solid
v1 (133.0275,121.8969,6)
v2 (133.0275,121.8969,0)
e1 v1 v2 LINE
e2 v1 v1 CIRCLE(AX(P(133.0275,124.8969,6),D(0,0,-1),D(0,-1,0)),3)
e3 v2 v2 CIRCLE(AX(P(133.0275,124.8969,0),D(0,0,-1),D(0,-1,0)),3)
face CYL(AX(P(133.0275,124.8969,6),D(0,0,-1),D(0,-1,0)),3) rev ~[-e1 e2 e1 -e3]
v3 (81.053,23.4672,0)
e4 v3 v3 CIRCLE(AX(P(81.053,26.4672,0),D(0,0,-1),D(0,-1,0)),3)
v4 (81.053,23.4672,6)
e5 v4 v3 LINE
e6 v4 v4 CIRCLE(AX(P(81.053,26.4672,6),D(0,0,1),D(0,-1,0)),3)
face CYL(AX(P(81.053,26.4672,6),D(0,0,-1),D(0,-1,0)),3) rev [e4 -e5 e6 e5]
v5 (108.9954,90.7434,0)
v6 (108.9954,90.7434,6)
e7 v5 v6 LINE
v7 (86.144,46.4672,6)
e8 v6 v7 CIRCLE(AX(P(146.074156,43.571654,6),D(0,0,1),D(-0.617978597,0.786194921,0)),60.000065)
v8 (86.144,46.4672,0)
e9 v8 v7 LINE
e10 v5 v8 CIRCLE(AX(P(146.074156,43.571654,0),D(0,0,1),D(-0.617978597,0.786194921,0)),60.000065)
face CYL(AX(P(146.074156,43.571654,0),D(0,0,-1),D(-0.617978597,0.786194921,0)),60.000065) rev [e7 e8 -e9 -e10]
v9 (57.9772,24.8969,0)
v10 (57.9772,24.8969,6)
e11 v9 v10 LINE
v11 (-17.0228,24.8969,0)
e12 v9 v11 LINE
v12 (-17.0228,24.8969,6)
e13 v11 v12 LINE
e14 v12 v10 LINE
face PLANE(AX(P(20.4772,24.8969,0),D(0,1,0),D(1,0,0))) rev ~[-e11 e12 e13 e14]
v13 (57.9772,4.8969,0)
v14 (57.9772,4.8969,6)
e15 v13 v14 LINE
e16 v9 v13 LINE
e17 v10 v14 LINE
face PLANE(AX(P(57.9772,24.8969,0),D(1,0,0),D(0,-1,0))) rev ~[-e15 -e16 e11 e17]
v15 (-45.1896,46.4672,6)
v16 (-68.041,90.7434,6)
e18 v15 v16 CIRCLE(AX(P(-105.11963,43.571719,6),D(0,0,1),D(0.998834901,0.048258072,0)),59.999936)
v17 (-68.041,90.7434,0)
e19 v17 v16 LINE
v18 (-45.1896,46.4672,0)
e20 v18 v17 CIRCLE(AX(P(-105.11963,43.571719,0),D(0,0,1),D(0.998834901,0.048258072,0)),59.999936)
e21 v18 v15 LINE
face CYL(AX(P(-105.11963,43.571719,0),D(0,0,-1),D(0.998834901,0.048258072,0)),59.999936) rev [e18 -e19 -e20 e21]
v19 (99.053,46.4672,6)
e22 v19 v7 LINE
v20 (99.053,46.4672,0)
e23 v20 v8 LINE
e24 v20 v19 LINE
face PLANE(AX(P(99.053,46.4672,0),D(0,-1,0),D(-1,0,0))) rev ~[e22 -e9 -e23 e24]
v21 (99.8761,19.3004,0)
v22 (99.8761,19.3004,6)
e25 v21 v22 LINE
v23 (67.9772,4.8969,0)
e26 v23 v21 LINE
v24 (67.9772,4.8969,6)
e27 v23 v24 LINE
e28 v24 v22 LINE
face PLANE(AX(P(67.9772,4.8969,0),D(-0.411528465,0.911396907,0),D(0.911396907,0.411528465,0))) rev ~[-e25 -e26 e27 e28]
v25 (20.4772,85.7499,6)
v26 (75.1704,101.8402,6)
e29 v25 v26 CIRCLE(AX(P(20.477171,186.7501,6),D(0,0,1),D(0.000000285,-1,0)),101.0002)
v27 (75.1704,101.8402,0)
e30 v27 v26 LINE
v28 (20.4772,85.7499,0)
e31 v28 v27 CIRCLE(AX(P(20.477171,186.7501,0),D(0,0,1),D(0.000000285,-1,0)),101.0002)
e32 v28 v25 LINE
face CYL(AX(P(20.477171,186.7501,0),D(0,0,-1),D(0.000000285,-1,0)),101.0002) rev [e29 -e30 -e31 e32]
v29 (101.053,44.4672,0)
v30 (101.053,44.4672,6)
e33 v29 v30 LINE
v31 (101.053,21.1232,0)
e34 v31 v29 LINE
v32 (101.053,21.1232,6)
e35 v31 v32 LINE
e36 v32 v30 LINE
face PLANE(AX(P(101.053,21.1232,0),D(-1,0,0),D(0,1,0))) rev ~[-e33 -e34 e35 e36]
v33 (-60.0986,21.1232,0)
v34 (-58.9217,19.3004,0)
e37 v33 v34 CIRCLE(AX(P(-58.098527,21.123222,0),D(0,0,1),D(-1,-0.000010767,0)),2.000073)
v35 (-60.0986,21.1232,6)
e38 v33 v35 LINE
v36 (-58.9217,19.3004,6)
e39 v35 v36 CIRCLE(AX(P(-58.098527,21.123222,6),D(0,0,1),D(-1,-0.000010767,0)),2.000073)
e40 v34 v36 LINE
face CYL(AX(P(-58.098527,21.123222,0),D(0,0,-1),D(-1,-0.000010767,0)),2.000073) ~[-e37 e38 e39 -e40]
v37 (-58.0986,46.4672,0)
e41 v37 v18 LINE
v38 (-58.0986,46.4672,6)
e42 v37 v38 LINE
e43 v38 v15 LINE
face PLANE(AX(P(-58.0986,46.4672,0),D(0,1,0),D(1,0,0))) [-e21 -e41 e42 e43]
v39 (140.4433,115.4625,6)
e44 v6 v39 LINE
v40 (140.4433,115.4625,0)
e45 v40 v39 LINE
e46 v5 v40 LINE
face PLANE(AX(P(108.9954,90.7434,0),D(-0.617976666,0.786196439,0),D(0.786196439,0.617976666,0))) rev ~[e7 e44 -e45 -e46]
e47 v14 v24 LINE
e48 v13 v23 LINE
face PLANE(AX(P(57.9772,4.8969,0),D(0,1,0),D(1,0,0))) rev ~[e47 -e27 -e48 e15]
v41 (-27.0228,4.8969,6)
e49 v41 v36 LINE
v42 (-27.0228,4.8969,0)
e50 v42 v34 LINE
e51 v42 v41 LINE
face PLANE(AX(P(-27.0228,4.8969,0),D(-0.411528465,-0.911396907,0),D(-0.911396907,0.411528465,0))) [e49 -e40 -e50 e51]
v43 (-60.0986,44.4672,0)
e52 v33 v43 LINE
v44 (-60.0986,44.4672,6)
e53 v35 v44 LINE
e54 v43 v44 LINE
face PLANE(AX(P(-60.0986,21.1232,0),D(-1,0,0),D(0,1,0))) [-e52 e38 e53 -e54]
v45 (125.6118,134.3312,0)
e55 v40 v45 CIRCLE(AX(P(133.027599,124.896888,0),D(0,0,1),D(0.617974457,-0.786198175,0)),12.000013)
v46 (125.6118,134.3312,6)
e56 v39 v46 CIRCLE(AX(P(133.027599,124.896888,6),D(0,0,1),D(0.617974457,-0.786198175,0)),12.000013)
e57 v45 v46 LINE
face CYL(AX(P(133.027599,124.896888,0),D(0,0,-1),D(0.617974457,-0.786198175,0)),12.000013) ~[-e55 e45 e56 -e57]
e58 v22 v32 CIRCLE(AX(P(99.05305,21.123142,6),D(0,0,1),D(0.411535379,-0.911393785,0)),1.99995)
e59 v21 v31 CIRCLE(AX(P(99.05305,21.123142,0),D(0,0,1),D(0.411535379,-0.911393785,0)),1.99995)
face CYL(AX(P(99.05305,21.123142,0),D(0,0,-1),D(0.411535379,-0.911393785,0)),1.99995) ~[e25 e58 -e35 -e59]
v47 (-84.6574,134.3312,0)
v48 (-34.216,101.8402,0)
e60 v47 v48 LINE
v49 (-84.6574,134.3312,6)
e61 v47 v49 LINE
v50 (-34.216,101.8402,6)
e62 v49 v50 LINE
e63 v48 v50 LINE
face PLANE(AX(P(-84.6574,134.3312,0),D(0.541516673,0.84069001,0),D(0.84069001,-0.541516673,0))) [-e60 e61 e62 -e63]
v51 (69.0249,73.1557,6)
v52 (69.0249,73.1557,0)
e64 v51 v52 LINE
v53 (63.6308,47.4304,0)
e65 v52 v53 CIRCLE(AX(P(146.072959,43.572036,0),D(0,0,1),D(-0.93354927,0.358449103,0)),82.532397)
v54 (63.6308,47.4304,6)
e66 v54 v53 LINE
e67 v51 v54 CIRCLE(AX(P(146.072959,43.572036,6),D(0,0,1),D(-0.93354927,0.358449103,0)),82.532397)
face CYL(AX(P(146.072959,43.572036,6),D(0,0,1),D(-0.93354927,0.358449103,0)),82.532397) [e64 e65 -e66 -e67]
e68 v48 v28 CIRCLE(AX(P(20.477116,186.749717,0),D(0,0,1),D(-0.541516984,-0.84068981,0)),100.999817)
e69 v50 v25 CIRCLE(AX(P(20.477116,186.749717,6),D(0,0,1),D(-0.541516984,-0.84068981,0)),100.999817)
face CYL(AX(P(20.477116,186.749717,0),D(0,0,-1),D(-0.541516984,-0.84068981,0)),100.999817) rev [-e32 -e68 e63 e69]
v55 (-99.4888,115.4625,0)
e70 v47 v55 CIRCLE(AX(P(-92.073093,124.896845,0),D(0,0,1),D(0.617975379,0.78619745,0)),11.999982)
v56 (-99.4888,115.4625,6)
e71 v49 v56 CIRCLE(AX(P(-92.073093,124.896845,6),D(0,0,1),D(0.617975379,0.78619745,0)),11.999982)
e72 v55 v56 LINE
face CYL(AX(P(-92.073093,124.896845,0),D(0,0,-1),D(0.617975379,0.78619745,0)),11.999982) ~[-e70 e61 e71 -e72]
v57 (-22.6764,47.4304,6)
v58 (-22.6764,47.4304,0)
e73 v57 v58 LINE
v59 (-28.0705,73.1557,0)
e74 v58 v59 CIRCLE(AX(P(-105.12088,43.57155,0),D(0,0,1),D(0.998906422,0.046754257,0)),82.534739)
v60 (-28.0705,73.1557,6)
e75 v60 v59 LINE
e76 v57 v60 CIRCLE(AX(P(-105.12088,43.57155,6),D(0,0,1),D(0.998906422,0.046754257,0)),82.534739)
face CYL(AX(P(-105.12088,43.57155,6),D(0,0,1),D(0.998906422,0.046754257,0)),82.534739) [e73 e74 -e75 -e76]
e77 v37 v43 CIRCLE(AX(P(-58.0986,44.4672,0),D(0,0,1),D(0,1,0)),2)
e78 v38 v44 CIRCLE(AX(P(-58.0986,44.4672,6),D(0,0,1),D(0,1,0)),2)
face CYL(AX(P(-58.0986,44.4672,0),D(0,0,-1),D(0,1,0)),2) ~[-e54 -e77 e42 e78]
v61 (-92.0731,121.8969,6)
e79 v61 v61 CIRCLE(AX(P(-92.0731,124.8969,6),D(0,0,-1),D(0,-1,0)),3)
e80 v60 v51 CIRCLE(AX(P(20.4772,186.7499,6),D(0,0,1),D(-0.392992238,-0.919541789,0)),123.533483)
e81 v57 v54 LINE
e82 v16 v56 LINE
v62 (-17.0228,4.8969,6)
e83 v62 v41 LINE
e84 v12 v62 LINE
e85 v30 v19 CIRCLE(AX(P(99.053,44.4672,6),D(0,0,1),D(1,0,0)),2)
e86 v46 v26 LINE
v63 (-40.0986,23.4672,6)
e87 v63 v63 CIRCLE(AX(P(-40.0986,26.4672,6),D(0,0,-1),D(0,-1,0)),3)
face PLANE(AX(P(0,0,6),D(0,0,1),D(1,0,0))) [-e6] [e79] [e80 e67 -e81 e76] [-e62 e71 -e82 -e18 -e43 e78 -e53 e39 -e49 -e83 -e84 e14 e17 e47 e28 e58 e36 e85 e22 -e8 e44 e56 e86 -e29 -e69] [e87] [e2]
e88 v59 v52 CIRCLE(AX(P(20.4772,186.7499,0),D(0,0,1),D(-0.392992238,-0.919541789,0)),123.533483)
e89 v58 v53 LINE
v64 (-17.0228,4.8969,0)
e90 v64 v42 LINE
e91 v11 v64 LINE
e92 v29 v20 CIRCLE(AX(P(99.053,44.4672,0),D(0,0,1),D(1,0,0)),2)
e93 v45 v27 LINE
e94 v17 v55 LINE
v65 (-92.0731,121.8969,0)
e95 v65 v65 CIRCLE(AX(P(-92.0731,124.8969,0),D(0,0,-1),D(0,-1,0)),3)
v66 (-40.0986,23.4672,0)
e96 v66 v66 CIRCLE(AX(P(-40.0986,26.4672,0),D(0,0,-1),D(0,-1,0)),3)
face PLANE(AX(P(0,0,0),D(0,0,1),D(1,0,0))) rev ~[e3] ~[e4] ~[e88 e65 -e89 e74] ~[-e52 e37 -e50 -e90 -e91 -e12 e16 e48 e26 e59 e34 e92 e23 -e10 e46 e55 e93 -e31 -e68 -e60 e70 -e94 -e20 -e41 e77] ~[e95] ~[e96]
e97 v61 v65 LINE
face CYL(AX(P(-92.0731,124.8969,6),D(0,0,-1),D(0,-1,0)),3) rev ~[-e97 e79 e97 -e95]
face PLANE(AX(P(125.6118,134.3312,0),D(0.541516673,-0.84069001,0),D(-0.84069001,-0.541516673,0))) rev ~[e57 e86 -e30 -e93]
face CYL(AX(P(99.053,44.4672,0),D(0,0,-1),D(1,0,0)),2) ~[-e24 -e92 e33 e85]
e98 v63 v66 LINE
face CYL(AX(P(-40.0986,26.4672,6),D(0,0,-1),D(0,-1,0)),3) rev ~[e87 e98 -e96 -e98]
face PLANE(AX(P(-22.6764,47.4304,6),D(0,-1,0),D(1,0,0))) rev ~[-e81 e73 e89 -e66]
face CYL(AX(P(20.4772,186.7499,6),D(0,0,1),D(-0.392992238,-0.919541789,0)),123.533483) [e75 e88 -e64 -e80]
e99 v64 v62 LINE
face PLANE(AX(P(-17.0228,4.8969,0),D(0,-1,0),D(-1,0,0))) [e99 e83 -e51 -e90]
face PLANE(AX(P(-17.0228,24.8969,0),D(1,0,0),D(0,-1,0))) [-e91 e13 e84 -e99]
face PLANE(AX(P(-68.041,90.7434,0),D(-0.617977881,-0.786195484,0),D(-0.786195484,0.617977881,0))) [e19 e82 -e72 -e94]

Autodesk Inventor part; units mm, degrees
ref_plane "YZ Plane" through (0, 0, 0) normal (1, 0, 0) x (0, 1, 0)
ref_plane "XZ Plane" through (0, 0, 0) normal (0, 1, 0) x (-1, 0, 0)
sketch "Boceto1" plane through (0, 0, 0) normal (0, 0, 1) x (1, 0, 0)
  line L0 (20.4772, 24.8969) -> (57.9772, 24.8969)
  line L1 (86.0741, 43.5717) -> (86.0741, 43.5717)
  arc A0 (108.9954, 90.7434) -> (86.144, 46.4672) centre (146.0741, 43.5717) ccw
  arc A1 (20.4772, 85.7499) -> (75.1704, 101.8402) centre (20.4772, 186.7499) ccw
  line L2 (108.9954, 90.7434) -> (140.4433, 115.4625)
  arc A2 (140.4433, 115.4625) -> (125.6118, 134.3312) centre (133.0275, 124.8969) ccw
  line L3 (125.6118, 134.3312) -> (75.1704, 101.8402)
  line L4 (57.9772, 24.8969) -> (57.9772, 4.8969)
  line L5 (57.9772, 4.8969) -> (67.9772, 4.8969)
  line L6 (67.9772, 4.8969) -> (99.8761, 19.3004)
  line L7 (101.053, 21.1232) -> (101.053, 44.4672)
  line L8 (99.053, 46.4672) -> (86.144, 46.4672)
  line L9 (20.4772, -46.5022) -> (20.4772, 138.2428)
  arc A3 (101.053, 44.4672) -> (99.053, 46.4672) centre (99.053, 44.4672) ccw
  arc A4 (99.8761, 19.3004) -> (101.053, 21.1232) centre (99.053, 21.1232) ccw
  line L10 (20.4772, 24.8969) -> (-17.0228, 24.8969)
  line L11 (-45.1197, 43.5717) -> (-45.1197, 43.5717)
  arc A5 (-45.1896, 46.4672) -> (-68.041, 90.7434) centre (-105.1197, 43.5717) ccw
  arc A6 (-34.216, 101.8402) -> (20.4772, 85.7499) centre (20.4772, 186.7499) ccw
  line L12 (-68.041, 90.7434) -> (-99.4888, 115.4625)
  arc A7 (-84.6574, 134.3312) -> (-99.4888, 115.4625) centre (-92.0731, 124.8969) ccw
  line L13 (-84.6574, 134.3312) -> (-34.216, 101.8402)
  line L14 (-17.0228, 24.8969) -> (-17.0228, 4.8969)
  line L15 (-17.0228, 4.8969) -> (-27.0228, 4.8969)
  line L16 (-27.0228, 4.8969) -> (-58.9217, 19.3004)
  line L17 (-60.0986, 21.1232) -> (-60.0986, 44.4672)
  line L18 (-58.0986, 46.4672) -> (-45.1896, 46.4672)
  arc A8 (-58.0986, 46.4672) -> (-60.0986, 44.4672) centre (-58.0986, 44.4672) ccw
  arc A9 (-60.0986, 21.1232) -> (-58.9217, 19.3004) centre (-58.0986, 21.1232) ccw
  point P0 (0, 0)
  dimension "d0" = 37.5
  dimension "d1" = 60
  dimension "d3" = 40
  dimension "d4" = 12
  dimension "d5" = 60
  dimension "d6" = 101
  dimension "d7" = 2
  dimension "d21" = 10
  dimension "d23" = 35
  dimension "d42" = 100
  dimension "d43" = 20
extrude "Extrusión1" add sketch "Boceto1" along normal blind 6
hole "Agujero1" at (-40.0986, 26.4672, 6) direction (0, 0, -1) diameter 6 end through all
ref_plane "Plano de trabajo1" through (20.4772, 21.1232, 0) normal (-1, 0, 0) x (0, 0, 1)
mirror "Simetría1" about plane through (20.4772, 21.1232, 0) normal (-1, 0, 0) of "Agujero1"
hole "Agujero2" at (-92.0731, 124.8969, 6) direction (0, 0, -1) diameter 6 end through all
hole "Agujero3" at (133.0275, 124.8969, 6) direction (0, 0, -1) diameter 6 end through all
sketch "Boceto3" plane through (0, 0, 6) normal (0, 0, 1) x (1, 0, 0)
  circle A0 centre (133.0275, 124.8969) radius 3 projected
  circle A1 centre (-92.0731, 124.8969) radius 3 projected
  circle A2 centre (81.053, 26.4672) radius 3 projected
  circle A3 centre (-40.0986, 26.4672) radius 3 projected
  arc A4 (-34.216, 101.8402) -> (75.1704, 101.8402) centre (20.4772, 186.7499) ccw projected
  line L0 (-34.216, 101.8402) -> (-84.6574, 134.3312) projected
  arc A5 (-84.6574, 134.3312) -> (-99.4888, 115.4625) centre (-92.0731, 124.8969) ccw projected
  line L1 (-99.4888, 115.4625) -> (-68.041, 90.7434) projected
  arc A6 (-45.1896, 46.4672) -> (-68.041, 90.7434) centre (-105.1197, 43.5717) ccw projected
  line L2 (-45.1896, 46.4672) -> (-58.0986, 46.4672) projected
  arc A7 (-58.0986, 46.4672) -> (-60.0986, 44.4672) centre (-58.0986, 44.4672) ccw projected
  line L3 (-60.0986, 44.4672) -> (-60.0986, 21.1232) projected
  arc A8 (-60.0986, 21.1232) -> (-58.9217, 19.3004) centre (-58.0986, 21.1232) ccw projected
  line L4 (-58.9217, 19.3004) -> (-27.0228, 4.8969) projected
  line L5 (-27.0228, 4.8969) -> (-17.0228, 4.8969) projected
  line L6 (-17.0228, 4.8969) -> (-17.0228, 24.8969) projected
  line L7 (-17.0228, 24.8969) -> (57.9772, 24.8969) projected
  line L8 (57.9772, 24.8969) -> (57.9772, 4.8969) projected
  line L9 (57.9772, 4.8969) -> (67.9772, 4.8969) projected
  line L10 (67.9772, 4.8969) -> (99.8761, 19.3004) projected
  arc A9 (99.8761, 19.3004) -> (101.053, 21.1232) centre (99.053, 21.1232) ccw projected
  line L11 (101.053, 21.1232) -> (101.053, 44.4672) projected
  arc A10 (101.053, 44.4672) -> (99.053, 46.4672) centre (99.053, 44.4672) ccw projected
  line L12 (99.053, 46.4672) -> (86.144, 46.4672) projected
  arc A11 (108.9954, 90.7434) -> (86.144, 46.4672) centre (146.0741, 43.5717) ccw projected
  line L13 (108.9954, 90.7434) -> (140.4433, 115.4625) projected
  arc A12 (140.4433, 115.4625) -> (125.6118, 134.3312) centre (133.0275, 124.8969) ccw projected
  line L14 (125.6118, 134.3312) -> (75.1704, 101.8402) projected
  arc A13 (-28.0705, 73.1557) -> (69.0249, 73.1557) centre (20.4772, 186.7499) ccw
  arc A14 (-22.6764, 47.4304) -> (-28.0705, 73.1557) centre (-105.1197, 43.5717) ccw
  line L15 (-22.6764, 47.4304) -> (63.6308, 47.4304)
  arc A15 (69.0249, 73.1557) -> (63.6308, 47.4304) centre (146.0741, 43.5717) ccw
  point P0 (0, 0)
extrude "Extrusión3" cut sketch "Boceto3" against normal through all contours A13 A15 L15 A14
properties part number "back_plate"
